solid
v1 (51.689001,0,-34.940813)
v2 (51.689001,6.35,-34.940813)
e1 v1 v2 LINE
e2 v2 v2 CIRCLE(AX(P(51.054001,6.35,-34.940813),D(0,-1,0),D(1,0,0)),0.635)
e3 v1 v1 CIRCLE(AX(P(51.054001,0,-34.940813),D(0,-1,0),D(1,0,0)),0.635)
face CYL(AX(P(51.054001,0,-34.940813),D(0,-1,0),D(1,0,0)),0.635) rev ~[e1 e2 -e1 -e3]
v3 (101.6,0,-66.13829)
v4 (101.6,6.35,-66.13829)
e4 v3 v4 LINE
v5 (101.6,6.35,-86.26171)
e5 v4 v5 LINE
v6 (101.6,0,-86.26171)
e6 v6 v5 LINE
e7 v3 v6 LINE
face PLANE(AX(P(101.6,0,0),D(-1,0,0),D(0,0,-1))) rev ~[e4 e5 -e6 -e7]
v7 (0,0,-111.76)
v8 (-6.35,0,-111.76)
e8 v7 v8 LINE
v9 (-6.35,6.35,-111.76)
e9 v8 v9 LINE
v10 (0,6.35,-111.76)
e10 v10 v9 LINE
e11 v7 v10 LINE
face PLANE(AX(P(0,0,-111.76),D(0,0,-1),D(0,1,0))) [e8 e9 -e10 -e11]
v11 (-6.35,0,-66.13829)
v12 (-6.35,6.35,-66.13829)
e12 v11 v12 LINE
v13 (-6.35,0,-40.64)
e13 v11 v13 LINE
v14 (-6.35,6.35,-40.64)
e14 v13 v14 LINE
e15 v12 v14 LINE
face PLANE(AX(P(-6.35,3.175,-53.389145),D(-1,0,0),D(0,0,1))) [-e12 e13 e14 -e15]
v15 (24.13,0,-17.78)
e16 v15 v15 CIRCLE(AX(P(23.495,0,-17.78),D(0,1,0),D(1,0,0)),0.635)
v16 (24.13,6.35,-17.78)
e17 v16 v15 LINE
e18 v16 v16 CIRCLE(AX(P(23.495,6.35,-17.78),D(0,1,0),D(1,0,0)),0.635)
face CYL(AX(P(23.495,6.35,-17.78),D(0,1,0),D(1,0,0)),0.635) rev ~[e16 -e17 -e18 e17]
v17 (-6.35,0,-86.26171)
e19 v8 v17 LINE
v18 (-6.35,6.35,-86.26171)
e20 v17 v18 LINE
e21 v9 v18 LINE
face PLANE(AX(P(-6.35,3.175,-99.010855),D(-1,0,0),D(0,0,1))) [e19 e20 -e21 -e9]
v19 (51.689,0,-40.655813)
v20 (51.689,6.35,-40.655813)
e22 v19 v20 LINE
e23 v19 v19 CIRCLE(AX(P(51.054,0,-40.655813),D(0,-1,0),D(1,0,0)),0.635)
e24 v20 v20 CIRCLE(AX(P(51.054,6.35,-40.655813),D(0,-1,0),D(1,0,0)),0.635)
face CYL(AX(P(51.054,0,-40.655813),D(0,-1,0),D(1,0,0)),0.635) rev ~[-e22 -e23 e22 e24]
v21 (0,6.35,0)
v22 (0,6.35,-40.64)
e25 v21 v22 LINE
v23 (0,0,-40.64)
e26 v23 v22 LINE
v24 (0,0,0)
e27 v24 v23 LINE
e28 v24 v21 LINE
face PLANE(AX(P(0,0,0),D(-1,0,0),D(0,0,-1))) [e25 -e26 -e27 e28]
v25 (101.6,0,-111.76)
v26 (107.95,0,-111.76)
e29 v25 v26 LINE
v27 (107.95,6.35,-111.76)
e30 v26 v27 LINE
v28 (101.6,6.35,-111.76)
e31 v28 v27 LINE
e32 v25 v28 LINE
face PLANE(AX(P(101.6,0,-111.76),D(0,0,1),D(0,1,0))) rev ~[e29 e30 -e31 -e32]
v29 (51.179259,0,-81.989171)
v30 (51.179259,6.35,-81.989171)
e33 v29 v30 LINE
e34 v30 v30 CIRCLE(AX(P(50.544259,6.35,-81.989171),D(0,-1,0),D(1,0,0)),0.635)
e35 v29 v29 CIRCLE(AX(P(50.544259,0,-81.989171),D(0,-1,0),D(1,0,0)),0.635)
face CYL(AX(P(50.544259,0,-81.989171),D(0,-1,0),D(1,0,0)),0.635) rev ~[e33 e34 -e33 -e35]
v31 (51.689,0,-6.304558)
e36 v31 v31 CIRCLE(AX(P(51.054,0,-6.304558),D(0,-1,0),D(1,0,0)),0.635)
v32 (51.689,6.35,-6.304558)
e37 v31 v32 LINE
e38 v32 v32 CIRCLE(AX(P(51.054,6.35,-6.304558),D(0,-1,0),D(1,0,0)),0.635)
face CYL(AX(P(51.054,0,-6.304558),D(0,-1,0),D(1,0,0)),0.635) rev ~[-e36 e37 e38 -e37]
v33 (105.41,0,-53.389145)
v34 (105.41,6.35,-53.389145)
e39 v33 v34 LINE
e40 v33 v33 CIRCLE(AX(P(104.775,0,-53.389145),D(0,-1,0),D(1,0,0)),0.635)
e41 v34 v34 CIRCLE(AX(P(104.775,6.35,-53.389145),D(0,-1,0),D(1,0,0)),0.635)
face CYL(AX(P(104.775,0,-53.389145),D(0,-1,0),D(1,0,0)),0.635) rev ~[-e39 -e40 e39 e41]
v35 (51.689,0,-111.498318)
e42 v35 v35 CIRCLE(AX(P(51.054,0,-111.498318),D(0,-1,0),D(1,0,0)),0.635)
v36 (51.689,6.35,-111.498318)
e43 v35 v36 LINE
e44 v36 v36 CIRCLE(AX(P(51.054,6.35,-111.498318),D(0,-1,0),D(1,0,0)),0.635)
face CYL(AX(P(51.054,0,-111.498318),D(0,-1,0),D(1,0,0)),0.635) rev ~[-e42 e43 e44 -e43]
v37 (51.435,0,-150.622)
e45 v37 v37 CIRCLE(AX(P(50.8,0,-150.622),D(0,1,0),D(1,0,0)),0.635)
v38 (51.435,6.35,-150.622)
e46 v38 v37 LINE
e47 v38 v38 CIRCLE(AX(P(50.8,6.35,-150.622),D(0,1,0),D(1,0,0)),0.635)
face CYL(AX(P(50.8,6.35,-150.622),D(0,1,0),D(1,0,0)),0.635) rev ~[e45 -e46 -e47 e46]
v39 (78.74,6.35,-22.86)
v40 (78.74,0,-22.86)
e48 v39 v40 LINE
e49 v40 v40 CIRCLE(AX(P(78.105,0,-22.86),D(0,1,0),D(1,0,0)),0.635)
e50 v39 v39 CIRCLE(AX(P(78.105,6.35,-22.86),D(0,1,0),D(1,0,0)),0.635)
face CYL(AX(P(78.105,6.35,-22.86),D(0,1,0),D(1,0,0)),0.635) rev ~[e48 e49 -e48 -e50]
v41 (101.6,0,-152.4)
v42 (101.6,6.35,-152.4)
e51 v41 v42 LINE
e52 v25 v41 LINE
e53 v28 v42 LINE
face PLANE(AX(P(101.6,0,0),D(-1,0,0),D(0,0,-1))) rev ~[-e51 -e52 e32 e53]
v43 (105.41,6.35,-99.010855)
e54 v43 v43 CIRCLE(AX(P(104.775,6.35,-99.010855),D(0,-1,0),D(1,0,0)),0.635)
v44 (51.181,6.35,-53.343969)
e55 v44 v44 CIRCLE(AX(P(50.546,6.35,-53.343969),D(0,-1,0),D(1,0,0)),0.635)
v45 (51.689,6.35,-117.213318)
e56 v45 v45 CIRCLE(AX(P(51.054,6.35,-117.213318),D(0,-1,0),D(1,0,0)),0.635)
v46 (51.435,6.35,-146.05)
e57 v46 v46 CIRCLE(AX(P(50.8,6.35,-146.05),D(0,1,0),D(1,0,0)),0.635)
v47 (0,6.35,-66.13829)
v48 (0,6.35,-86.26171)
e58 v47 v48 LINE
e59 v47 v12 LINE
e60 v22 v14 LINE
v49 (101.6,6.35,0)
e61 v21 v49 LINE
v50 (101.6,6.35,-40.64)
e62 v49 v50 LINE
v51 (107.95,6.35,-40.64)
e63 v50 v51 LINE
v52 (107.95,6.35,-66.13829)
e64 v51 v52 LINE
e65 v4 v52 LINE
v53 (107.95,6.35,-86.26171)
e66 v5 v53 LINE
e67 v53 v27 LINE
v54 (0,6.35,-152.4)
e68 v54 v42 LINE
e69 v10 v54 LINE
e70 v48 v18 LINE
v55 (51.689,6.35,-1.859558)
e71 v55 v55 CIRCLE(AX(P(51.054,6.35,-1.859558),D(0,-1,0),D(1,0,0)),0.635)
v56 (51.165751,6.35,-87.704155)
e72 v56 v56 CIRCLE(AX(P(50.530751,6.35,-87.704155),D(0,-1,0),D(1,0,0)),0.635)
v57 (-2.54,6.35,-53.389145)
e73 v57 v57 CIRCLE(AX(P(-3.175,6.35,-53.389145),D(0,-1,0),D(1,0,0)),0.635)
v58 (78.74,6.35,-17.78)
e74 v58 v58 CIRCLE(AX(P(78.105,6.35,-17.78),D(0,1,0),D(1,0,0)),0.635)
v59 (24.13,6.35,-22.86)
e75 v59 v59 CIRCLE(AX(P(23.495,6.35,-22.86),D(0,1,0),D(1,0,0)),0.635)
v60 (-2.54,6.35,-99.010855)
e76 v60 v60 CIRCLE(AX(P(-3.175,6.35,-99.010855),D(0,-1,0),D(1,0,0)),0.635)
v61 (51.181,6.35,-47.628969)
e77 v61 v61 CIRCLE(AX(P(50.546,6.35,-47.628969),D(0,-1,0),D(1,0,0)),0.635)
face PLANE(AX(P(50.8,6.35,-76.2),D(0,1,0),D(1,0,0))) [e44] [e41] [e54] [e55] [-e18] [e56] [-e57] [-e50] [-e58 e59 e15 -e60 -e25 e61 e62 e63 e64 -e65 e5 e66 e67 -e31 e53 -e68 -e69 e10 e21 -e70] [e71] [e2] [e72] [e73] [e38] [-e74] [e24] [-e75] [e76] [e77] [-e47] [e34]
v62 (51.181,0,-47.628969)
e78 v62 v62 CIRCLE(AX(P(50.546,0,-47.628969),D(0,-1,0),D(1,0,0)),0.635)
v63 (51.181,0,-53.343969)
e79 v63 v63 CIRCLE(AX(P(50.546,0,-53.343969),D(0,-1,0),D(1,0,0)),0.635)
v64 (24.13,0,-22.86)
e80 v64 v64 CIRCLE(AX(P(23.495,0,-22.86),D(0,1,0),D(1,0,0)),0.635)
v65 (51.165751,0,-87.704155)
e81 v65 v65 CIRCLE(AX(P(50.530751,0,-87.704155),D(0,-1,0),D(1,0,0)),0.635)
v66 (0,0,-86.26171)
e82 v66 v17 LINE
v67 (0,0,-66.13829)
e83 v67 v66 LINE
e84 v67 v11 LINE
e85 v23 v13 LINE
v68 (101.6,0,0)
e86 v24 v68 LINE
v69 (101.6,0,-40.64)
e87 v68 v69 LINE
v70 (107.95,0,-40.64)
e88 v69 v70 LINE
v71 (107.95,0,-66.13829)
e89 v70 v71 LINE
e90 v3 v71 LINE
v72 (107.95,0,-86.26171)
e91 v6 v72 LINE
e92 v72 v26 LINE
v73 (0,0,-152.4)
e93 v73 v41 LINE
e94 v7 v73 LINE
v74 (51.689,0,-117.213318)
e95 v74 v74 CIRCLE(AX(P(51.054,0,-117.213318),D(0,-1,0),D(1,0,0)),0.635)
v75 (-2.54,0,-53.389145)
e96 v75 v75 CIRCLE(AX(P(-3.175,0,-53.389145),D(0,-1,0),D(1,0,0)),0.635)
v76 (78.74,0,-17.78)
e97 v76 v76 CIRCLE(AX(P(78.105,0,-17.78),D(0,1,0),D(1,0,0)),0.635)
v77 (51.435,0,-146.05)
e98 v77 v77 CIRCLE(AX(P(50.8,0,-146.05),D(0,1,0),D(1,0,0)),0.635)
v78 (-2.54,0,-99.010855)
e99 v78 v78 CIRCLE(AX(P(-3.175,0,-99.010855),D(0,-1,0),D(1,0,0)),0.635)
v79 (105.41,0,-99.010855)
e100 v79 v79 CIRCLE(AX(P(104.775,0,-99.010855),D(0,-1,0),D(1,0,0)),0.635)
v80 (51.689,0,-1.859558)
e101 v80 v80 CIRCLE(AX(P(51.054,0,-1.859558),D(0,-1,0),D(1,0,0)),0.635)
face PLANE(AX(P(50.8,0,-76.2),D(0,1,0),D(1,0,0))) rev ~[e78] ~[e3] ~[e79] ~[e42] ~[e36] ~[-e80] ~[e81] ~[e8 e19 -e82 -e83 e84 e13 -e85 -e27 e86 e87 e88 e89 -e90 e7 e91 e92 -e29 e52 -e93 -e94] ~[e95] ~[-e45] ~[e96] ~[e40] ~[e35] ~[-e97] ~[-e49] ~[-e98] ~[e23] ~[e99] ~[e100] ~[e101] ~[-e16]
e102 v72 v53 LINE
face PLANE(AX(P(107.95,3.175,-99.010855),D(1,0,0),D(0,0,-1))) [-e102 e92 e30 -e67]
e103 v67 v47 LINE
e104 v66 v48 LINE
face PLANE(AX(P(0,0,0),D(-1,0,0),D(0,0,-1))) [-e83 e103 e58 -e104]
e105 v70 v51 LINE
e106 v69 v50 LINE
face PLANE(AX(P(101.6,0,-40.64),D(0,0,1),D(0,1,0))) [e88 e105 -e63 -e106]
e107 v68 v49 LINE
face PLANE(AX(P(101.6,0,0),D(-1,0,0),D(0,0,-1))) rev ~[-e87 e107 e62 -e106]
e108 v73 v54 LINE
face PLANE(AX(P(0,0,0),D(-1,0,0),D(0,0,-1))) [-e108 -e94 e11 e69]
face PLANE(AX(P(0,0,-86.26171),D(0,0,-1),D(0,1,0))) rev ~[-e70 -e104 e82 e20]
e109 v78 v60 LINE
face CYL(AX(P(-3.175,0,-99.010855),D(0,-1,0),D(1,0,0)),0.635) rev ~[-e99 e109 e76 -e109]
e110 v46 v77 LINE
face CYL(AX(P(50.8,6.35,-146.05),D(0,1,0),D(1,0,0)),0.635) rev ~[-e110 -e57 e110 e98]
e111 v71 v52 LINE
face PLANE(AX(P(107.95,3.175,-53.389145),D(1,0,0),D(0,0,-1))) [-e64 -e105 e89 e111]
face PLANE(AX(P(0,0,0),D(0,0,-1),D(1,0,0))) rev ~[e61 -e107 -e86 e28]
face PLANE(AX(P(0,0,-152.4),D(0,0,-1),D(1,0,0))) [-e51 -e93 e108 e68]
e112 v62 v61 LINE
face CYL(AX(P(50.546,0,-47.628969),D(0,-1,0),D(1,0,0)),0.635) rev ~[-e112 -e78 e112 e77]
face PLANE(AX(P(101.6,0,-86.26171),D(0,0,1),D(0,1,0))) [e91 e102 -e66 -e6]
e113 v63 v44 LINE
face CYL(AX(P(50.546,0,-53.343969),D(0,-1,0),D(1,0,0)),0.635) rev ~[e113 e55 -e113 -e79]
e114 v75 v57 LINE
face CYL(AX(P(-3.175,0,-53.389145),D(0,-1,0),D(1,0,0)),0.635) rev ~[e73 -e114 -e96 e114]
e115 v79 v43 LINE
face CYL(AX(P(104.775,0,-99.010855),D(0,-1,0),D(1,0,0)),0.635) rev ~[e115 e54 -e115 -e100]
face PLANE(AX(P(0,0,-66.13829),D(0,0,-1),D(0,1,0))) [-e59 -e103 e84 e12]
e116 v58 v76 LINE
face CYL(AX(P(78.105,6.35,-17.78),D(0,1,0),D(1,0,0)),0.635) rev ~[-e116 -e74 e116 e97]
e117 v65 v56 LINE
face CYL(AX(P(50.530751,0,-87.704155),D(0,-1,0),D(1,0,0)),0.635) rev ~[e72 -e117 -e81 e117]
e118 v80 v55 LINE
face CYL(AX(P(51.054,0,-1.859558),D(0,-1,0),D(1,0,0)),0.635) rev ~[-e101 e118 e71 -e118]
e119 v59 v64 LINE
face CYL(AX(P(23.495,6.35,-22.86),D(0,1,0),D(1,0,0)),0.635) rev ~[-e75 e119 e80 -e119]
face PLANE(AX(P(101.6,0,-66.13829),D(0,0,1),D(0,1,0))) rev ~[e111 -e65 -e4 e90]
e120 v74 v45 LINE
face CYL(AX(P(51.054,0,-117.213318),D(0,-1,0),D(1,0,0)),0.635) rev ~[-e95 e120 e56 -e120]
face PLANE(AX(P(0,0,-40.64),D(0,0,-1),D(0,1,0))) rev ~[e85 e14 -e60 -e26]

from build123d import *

# Parameters (mm, degrees)
SKETCH1_W           = 101.6
SKETCH1_H           = 152.4
BOSS_EXTRUDE1_DEPTH = 6.35
SKETCH2_W           = 25.498289586
SKETCH2_H           = 6.35
BOSS_EXTRUDE2_DEPTH = 6.35
SKETCH3_W           = 25.498289586
SKETCH3_H           = 6.35
BOSS_EXTRUDE3_DEPTH = 6.35
SKETCH4_R           = 0.635
CUT_EXTRUDE1_DEPTH  = 6.35
SKETCH5_R           = 0.635
CUT_EXTRUDE2_DEPTH  = 7.35
SKETCH7_R           = 0.635
CUT_EXTRUDE3_DEPTH  = 7.35
SKETCH9_R           = 0.635
CUT_EXTRUDE4_DEPTH  = 7.35


with BuildPart() as part:
    # Sketch1 → Boss-Extrude1 (new body)
    with BuildSketch(Plane(origin=(0, 0, 0), x_dir=(1, 0, 0), z_dir=(0, 1, 0))):
        with Locations((50.8, 76.2)):
            Rectangle(SKETCH1_W, SKETCH1_H)
    extrude(amount=BOSS_EXTRUDE1_DEPTH)

    # Sketch2 → Boss-Extrude2 (add)
    with BuildSketch(Plane(origin=(101.6, 0, 0), x_dir=(0, 0, -1), z_dir=(1, 0, 0))):
        with Locations((53.389144793, 3.175)):
            Rectangle(SKETCH2_W, SKETCH2_H)
        with Locations((99.010855207, 3.175)):
            Rectangle(SKETCH2_W, SKETCH2_H)
    extrude(amount=BOSS_EXTRUDE2_DEPTH)

    # Sketch3 → Boss-Extrude3 (add)
    with BuildSketch(Plane.ZY):
        with Locations((-99.010855207, 3.175)):
            Rectangle(SKETCH3_W, SKETCH3_H)
        with Locations((-53.389144793, 3.175)):
            Rectangle(SKETCH3_W, SKETCH3_H)
    extrude(amount=BOSS_EXTRUDE3_DEPTH)

    # Sketch4 → Cut-Extrude1 (cut)
    with BuildSketch(Plane.XZ):
        with Locations((-3.175, -53.389144793)):
            Circle(SKETCH4_R)
        with Locations((-3.175, -99.010855207)):
            Circle(SKETCH4_R)
        with Locations((104.775, -53.389144793)):
            Circle(SKETCH4_R)
        with Locations((104.775, -99.010855207)):
            Circle(SKETCH4_R)
    extrude(amount=-CUT_EXTRUDE1_DEPTH, mode=Mode.SUBTRACT)

    # Sketch5 → Cut-Extrude2 (cut, through all)
    with BuildSketch(Plane.XZ):
        with Locations((51.054, -6.304558397)):
            Circle(SKETCH5_R)
        with Locations((51.054001096, -34.940813016)):
            Circle(SKETCH5_R)
        with Locations((51.054, -40.655813016)):
            Circle(SKETCH5_R)
        with Locations((51.054, -1.859558397)):
            Circle(SKETCH5_R)
        with Locations((50.530750765, -87.704154674)):
            Circle(SKETCH5_R)
        with Locations((50.546, -47.628968946)):
            Circle(SKETCH5_R)
        with Locations((50.546, -53.343968946)):
            Circle(SKETCH5_R)
        with Locations((50.544258636, -81.989170638)):
            Circle(SKETCH5_R)
        with Locations((51.054, -111.498317742)):
            Circle(SKETCH5_R)
        with Locations((51.054, -117.213317742)):
            Circle(SKETCH5_R)
    extrude(amount=-CUT_EXTRUDE2_DEPTH, mode=Mode.SUBTRACT)

    # Sketch7 → Cut-Extrude3 (cut, through all)
    with BuildSketch(Plane(origin=(0, 6.35, 0), x_dir=(1, 0, 0), z_dir=(0, 1, 0))):
        with Locations((23.495, 17.78)):
            Circle(SKETCH7_R)
        with Locations((23.495, 22.86)):
            Circle(SKETCH7_R)
        with Locations((78.105, 22.86)):
            Circle(SKETCH7_R)
        with Locations((78.105, 17.78)):
            Circle(SKETCH7_R)
    extrude(amount=-CUT_EXTRUDE3_DEPTH, mode=Mode.SUBTRACT)

    # Sketch9 → Cut-Extrude4 (cut, through all)
    with BuildSketch(Plane(origin=(0, 6.35, 0), x_dir=(1, 0, 0), z_dir=(0, 1, 0))):
        with Locations((50.8, 150.622)):
            Circle(SKETCH9_R)
        with Locations((50.8, 146.05)):
            Circle(SKETCH9_R)
    extrude(amount=-CUT_EXTRUDE4_DEPTH, mode=Mode.SUBTRACT)


solid = part.part
